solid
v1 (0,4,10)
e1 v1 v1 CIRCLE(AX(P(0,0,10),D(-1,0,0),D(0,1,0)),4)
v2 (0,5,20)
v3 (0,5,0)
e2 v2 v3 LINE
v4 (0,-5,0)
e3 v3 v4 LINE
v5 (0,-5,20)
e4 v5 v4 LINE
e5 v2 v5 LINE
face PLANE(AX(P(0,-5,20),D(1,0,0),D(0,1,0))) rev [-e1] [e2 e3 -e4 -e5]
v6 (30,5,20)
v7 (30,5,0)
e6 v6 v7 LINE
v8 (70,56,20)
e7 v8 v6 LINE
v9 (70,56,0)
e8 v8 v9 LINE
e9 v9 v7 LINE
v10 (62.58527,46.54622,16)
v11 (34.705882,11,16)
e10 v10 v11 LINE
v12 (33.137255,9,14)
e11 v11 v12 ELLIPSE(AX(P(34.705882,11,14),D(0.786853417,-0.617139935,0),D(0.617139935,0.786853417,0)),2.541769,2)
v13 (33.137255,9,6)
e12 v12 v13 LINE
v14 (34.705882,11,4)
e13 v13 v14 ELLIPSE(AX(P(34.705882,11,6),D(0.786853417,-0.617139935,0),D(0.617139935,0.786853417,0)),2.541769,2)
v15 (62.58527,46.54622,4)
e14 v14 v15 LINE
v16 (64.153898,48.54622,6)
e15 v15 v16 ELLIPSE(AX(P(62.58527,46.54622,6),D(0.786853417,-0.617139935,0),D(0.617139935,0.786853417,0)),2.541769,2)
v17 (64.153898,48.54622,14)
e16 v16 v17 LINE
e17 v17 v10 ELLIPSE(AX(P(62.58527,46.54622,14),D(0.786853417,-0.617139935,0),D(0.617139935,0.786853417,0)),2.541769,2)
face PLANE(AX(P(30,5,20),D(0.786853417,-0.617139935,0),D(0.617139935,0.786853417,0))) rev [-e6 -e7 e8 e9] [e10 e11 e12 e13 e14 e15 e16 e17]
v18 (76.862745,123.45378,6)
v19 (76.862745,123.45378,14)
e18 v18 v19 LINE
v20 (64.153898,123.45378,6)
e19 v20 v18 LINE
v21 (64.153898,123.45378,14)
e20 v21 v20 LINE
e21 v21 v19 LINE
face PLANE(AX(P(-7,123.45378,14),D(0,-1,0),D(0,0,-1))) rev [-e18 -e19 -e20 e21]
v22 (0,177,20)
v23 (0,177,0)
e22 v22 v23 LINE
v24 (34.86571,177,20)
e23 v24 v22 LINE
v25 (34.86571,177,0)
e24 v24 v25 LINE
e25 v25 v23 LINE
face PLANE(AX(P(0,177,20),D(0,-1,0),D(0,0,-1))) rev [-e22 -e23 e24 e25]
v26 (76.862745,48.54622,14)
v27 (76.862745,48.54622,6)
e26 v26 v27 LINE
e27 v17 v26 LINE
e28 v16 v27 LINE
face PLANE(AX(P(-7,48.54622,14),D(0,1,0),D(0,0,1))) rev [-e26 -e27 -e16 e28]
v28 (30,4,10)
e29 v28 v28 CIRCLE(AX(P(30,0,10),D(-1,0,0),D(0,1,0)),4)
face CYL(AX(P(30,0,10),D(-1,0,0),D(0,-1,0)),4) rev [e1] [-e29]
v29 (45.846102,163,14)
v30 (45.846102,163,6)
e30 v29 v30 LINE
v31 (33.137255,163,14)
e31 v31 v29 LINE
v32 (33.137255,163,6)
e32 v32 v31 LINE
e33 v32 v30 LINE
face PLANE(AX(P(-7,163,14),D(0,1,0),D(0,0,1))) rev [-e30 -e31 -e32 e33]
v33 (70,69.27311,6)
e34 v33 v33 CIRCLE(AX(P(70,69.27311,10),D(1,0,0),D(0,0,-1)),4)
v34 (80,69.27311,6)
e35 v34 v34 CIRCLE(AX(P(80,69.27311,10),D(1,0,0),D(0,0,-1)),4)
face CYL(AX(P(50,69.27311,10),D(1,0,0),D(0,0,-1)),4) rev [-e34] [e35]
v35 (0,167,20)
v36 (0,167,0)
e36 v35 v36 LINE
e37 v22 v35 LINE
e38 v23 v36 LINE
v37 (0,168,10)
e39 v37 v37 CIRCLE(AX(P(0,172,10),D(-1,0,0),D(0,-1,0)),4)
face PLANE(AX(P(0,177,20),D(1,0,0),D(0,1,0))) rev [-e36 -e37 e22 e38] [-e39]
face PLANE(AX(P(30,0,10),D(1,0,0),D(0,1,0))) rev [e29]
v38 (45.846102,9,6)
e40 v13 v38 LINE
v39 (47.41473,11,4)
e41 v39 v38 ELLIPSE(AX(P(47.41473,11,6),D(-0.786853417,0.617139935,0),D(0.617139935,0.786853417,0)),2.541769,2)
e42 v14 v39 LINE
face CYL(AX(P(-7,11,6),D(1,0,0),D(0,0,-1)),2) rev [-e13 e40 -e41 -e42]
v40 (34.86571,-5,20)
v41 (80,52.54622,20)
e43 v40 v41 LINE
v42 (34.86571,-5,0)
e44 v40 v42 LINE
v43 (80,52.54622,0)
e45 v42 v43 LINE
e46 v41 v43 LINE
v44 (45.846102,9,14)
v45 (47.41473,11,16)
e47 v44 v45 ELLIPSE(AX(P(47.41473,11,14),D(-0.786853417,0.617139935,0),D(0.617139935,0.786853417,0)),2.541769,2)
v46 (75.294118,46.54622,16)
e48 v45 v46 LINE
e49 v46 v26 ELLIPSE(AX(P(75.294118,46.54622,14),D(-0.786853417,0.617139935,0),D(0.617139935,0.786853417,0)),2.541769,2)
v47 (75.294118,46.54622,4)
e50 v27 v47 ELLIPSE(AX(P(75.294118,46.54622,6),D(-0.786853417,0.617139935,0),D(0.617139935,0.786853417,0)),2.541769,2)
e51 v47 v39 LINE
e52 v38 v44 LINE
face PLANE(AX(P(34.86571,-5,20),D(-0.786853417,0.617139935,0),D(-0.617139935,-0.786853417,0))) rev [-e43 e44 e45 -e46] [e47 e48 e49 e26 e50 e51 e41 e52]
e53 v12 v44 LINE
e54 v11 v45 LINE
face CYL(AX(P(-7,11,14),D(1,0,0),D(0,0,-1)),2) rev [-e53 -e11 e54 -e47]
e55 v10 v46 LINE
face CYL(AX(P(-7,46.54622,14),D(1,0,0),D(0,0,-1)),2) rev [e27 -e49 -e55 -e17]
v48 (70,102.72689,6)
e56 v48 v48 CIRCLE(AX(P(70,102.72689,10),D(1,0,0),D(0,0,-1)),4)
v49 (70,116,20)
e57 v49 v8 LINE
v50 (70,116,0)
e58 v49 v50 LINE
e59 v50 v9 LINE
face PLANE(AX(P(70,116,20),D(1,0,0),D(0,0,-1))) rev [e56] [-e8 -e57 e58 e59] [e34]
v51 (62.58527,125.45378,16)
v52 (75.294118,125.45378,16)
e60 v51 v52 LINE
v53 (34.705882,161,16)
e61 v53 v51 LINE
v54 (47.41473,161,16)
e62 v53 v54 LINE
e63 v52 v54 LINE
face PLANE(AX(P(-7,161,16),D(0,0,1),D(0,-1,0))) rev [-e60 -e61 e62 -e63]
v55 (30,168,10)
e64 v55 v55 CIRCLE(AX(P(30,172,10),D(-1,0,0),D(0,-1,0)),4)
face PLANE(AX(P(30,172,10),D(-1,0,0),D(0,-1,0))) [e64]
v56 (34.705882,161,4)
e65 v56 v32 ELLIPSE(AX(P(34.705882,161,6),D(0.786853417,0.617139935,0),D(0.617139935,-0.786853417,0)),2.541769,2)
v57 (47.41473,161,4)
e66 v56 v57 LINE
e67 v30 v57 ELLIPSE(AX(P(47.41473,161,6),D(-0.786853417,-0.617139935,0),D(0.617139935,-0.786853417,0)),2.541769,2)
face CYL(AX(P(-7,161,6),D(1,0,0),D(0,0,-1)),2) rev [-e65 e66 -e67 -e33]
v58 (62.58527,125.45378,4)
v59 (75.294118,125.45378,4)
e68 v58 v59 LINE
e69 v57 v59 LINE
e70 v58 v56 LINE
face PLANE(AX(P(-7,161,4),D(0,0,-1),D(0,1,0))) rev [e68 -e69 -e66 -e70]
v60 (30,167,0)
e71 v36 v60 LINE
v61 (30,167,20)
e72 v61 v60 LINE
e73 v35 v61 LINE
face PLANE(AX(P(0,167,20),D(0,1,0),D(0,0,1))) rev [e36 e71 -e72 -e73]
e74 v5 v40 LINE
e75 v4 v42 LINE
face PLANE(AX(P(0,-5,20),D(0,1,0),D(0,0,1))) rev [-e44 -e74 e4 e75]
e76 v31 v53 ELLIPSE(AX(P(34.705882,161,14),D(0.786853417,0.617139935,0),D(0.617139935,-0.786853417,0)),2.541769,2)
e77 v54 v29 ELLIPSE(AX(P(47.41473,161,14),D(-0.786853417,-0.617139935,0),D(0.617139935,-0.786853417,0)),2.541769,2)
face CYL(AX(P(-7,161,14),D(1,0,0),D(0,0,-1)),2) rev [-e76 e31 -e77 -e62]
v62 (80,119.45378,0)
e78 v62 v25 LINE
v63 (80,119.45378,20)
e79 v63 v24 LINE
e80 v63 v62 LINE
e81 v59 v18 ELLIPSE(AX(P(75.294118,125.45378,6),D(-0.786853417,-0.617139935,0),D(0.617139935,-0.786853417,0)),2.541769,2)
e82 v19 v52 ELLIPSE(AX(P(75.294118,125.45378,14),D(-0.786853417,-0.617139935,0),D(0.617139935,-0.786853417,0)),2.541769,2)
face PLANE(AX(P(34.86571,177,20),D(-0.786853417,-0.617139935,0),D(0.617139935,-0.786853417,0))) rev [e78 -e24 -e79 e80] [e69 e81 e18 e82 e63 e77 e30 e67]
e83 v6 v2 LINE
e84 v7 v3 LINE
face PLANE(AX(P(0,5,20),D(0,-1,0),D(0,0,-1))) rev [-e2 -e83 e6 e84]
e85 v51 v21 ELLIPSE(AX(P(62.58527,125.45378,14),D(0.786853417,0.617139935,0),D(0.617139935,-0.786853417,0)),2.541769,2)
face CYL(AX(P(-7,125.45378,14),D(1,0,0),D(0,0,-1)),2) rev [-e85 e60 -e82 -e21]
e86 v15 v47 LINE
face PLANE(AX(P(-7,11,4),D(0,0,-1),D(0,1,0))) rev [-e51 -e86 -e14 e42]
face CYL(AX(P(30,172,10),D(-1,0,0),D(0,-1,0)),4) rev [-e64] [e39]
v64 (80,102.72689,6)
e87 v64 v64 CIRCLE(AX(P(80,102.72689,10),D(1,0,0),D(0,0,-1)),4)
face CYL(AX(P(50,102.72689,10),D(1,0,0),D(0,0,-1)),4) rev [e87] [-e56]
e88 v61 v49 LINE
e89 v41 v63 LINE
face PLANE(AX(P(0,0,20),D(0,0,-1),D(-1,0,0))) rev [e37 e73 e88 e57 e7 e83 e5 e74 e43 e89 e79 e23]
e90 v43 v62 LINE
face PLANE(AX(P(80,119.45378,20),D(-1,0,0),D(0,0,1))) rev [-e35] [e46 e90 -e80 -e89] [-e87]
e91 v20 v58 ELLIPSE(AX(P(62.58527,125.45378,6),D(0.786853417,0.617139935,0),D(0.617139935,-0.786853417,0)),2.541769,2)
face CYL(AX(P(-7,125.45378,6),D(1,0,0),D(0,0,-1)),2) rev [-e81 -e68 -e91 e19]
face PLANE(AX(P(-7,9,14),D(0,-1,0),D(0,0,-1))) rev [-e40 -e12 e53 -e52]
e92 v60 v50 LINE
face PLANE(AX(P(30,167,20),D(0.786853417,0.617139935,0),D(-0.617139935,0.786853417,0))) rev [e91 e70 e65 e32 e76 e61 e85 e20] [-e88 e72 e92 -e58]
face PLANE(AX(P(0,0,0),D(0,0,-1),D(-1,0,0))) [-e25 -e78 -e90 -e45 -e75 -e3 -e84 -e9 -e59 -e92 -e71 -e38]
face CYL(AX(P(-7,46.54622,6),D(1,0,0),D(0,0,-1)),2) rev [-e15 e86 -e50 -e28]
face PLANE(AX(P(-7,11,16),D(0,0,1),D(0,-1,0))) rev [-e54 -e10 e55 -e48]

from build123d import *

# Parameters (mm, degrees)
BOSS_EXTRUDE1_DEPTH = 20
SKETCH2_R           = 4
CUT_EXTRUDE1_DEPTH  = 30
SKETCH3_R           = 4
CUT_EXTRUDE2_DEPTH  = 30
CUT_EXTRUDE3_DEPTH  = 87


with BuildPart() as part:
    # Sketch1 → Boss-Extrude1 (new body)
    with BuildSketch(Plane.XY):
        Polygon((0, 177), (0, 167), (30, 167), (70, 116), (70, 56), (30, 5), (0, 5), (0, -5), (34.865710136, -5), (80, 52.546219577), (80, 119.453780423), (34.865710136, 177), align=None)
    extrude(amount=BOSS_EXTRUDE1_DEPTH)

    # Sketch2 → Cut-Extrude1 (cut)
    with BuildSketch(Plane.ZY):
        with Locations(Location((10, 172, 0), (0, 0, 270))):
            Circle(SKETCH2_R)
        with Locations(Location((10, 0, 0), (0, 0, 90))):
            Circle(SKETCH2_R)
    extrude(amount=-CUT_EXTRUDE1_DEPTH, mode=Mode.SUBTRACT)

    # Sketch3 → Cut-Extrude2 (cut)
    with BuildSketch(Plane(origin=(80, 0, 0), x_dir=(0, 0, -1), z_dir=(1, 0, 0))):
        with Locations((-10, 102.726890212)):
            Circle(SKETCH3_R)
        with Locations((-10, 69.273109788)):
            Circle(SKETCH3_R)
    extrude(amount=-CUT_EXTRUDE2_DEPTH, mode=Mode.SUBTRACT)

    # Sketch4 → Cut-Extrude3 (cut)
    with BuildSketch(Plane(origin=(80, 0, 0), x_dir=(0, 0, -1), z_dir=(1, 0, 0))):
        with BuildLine():
            Line((-14, 163), (-6, 163))
            ThreePointArc((-6, 163), (-4.585786438, 162.414213562), (-4, 161))
            Line((-4, 161), (-4, 125.453780423))
            ThreePointArc((-4, 125.453780423), (-4.585786438, 124.039566861), (-6, 123.453780423))
            Line((-6, 123.453780423), (-14, 123.453780423))
            ThreePointArc((-14, 123.453780423), (-15.414213562, 124.039566861), (-16, 125.453780423))
            Line((-16, 125.453780423), (-16, 161))
            ThreePointArc((-16, 161), (-15.414213562, 162.414213562), (-14, 163))
        make_face()
        with BuildLine():
            Line((-14, 48.546219577), (-6, 48.546219577))
            ThreePointArc((-6, 48.546219577), (-4.585786438, 47.960433139), (-4, 46.546219577))
            Line((-4, 46.546219577), (-4, 11))
            ThreePointArc((-4, 11), (-4.585786438, 9.585786438), (-6, 9))
            Line((-6, 9), (-14, 9))
            ThreePointArc((-14, 9), (-15.414213562, 9.585786438), (-16, 11))
            Line((-16, 11), (-16, 46.546219577))
            ThreePointArc((-16, 46.546219577), (-15.414213562, 47.960433139), (-14, 48.546219577))
        make_face()
    extrude(amount=-CUT_EXTRUDE3_DEPTH, mode=Mode.SUBTRACT)


solid = part.part
